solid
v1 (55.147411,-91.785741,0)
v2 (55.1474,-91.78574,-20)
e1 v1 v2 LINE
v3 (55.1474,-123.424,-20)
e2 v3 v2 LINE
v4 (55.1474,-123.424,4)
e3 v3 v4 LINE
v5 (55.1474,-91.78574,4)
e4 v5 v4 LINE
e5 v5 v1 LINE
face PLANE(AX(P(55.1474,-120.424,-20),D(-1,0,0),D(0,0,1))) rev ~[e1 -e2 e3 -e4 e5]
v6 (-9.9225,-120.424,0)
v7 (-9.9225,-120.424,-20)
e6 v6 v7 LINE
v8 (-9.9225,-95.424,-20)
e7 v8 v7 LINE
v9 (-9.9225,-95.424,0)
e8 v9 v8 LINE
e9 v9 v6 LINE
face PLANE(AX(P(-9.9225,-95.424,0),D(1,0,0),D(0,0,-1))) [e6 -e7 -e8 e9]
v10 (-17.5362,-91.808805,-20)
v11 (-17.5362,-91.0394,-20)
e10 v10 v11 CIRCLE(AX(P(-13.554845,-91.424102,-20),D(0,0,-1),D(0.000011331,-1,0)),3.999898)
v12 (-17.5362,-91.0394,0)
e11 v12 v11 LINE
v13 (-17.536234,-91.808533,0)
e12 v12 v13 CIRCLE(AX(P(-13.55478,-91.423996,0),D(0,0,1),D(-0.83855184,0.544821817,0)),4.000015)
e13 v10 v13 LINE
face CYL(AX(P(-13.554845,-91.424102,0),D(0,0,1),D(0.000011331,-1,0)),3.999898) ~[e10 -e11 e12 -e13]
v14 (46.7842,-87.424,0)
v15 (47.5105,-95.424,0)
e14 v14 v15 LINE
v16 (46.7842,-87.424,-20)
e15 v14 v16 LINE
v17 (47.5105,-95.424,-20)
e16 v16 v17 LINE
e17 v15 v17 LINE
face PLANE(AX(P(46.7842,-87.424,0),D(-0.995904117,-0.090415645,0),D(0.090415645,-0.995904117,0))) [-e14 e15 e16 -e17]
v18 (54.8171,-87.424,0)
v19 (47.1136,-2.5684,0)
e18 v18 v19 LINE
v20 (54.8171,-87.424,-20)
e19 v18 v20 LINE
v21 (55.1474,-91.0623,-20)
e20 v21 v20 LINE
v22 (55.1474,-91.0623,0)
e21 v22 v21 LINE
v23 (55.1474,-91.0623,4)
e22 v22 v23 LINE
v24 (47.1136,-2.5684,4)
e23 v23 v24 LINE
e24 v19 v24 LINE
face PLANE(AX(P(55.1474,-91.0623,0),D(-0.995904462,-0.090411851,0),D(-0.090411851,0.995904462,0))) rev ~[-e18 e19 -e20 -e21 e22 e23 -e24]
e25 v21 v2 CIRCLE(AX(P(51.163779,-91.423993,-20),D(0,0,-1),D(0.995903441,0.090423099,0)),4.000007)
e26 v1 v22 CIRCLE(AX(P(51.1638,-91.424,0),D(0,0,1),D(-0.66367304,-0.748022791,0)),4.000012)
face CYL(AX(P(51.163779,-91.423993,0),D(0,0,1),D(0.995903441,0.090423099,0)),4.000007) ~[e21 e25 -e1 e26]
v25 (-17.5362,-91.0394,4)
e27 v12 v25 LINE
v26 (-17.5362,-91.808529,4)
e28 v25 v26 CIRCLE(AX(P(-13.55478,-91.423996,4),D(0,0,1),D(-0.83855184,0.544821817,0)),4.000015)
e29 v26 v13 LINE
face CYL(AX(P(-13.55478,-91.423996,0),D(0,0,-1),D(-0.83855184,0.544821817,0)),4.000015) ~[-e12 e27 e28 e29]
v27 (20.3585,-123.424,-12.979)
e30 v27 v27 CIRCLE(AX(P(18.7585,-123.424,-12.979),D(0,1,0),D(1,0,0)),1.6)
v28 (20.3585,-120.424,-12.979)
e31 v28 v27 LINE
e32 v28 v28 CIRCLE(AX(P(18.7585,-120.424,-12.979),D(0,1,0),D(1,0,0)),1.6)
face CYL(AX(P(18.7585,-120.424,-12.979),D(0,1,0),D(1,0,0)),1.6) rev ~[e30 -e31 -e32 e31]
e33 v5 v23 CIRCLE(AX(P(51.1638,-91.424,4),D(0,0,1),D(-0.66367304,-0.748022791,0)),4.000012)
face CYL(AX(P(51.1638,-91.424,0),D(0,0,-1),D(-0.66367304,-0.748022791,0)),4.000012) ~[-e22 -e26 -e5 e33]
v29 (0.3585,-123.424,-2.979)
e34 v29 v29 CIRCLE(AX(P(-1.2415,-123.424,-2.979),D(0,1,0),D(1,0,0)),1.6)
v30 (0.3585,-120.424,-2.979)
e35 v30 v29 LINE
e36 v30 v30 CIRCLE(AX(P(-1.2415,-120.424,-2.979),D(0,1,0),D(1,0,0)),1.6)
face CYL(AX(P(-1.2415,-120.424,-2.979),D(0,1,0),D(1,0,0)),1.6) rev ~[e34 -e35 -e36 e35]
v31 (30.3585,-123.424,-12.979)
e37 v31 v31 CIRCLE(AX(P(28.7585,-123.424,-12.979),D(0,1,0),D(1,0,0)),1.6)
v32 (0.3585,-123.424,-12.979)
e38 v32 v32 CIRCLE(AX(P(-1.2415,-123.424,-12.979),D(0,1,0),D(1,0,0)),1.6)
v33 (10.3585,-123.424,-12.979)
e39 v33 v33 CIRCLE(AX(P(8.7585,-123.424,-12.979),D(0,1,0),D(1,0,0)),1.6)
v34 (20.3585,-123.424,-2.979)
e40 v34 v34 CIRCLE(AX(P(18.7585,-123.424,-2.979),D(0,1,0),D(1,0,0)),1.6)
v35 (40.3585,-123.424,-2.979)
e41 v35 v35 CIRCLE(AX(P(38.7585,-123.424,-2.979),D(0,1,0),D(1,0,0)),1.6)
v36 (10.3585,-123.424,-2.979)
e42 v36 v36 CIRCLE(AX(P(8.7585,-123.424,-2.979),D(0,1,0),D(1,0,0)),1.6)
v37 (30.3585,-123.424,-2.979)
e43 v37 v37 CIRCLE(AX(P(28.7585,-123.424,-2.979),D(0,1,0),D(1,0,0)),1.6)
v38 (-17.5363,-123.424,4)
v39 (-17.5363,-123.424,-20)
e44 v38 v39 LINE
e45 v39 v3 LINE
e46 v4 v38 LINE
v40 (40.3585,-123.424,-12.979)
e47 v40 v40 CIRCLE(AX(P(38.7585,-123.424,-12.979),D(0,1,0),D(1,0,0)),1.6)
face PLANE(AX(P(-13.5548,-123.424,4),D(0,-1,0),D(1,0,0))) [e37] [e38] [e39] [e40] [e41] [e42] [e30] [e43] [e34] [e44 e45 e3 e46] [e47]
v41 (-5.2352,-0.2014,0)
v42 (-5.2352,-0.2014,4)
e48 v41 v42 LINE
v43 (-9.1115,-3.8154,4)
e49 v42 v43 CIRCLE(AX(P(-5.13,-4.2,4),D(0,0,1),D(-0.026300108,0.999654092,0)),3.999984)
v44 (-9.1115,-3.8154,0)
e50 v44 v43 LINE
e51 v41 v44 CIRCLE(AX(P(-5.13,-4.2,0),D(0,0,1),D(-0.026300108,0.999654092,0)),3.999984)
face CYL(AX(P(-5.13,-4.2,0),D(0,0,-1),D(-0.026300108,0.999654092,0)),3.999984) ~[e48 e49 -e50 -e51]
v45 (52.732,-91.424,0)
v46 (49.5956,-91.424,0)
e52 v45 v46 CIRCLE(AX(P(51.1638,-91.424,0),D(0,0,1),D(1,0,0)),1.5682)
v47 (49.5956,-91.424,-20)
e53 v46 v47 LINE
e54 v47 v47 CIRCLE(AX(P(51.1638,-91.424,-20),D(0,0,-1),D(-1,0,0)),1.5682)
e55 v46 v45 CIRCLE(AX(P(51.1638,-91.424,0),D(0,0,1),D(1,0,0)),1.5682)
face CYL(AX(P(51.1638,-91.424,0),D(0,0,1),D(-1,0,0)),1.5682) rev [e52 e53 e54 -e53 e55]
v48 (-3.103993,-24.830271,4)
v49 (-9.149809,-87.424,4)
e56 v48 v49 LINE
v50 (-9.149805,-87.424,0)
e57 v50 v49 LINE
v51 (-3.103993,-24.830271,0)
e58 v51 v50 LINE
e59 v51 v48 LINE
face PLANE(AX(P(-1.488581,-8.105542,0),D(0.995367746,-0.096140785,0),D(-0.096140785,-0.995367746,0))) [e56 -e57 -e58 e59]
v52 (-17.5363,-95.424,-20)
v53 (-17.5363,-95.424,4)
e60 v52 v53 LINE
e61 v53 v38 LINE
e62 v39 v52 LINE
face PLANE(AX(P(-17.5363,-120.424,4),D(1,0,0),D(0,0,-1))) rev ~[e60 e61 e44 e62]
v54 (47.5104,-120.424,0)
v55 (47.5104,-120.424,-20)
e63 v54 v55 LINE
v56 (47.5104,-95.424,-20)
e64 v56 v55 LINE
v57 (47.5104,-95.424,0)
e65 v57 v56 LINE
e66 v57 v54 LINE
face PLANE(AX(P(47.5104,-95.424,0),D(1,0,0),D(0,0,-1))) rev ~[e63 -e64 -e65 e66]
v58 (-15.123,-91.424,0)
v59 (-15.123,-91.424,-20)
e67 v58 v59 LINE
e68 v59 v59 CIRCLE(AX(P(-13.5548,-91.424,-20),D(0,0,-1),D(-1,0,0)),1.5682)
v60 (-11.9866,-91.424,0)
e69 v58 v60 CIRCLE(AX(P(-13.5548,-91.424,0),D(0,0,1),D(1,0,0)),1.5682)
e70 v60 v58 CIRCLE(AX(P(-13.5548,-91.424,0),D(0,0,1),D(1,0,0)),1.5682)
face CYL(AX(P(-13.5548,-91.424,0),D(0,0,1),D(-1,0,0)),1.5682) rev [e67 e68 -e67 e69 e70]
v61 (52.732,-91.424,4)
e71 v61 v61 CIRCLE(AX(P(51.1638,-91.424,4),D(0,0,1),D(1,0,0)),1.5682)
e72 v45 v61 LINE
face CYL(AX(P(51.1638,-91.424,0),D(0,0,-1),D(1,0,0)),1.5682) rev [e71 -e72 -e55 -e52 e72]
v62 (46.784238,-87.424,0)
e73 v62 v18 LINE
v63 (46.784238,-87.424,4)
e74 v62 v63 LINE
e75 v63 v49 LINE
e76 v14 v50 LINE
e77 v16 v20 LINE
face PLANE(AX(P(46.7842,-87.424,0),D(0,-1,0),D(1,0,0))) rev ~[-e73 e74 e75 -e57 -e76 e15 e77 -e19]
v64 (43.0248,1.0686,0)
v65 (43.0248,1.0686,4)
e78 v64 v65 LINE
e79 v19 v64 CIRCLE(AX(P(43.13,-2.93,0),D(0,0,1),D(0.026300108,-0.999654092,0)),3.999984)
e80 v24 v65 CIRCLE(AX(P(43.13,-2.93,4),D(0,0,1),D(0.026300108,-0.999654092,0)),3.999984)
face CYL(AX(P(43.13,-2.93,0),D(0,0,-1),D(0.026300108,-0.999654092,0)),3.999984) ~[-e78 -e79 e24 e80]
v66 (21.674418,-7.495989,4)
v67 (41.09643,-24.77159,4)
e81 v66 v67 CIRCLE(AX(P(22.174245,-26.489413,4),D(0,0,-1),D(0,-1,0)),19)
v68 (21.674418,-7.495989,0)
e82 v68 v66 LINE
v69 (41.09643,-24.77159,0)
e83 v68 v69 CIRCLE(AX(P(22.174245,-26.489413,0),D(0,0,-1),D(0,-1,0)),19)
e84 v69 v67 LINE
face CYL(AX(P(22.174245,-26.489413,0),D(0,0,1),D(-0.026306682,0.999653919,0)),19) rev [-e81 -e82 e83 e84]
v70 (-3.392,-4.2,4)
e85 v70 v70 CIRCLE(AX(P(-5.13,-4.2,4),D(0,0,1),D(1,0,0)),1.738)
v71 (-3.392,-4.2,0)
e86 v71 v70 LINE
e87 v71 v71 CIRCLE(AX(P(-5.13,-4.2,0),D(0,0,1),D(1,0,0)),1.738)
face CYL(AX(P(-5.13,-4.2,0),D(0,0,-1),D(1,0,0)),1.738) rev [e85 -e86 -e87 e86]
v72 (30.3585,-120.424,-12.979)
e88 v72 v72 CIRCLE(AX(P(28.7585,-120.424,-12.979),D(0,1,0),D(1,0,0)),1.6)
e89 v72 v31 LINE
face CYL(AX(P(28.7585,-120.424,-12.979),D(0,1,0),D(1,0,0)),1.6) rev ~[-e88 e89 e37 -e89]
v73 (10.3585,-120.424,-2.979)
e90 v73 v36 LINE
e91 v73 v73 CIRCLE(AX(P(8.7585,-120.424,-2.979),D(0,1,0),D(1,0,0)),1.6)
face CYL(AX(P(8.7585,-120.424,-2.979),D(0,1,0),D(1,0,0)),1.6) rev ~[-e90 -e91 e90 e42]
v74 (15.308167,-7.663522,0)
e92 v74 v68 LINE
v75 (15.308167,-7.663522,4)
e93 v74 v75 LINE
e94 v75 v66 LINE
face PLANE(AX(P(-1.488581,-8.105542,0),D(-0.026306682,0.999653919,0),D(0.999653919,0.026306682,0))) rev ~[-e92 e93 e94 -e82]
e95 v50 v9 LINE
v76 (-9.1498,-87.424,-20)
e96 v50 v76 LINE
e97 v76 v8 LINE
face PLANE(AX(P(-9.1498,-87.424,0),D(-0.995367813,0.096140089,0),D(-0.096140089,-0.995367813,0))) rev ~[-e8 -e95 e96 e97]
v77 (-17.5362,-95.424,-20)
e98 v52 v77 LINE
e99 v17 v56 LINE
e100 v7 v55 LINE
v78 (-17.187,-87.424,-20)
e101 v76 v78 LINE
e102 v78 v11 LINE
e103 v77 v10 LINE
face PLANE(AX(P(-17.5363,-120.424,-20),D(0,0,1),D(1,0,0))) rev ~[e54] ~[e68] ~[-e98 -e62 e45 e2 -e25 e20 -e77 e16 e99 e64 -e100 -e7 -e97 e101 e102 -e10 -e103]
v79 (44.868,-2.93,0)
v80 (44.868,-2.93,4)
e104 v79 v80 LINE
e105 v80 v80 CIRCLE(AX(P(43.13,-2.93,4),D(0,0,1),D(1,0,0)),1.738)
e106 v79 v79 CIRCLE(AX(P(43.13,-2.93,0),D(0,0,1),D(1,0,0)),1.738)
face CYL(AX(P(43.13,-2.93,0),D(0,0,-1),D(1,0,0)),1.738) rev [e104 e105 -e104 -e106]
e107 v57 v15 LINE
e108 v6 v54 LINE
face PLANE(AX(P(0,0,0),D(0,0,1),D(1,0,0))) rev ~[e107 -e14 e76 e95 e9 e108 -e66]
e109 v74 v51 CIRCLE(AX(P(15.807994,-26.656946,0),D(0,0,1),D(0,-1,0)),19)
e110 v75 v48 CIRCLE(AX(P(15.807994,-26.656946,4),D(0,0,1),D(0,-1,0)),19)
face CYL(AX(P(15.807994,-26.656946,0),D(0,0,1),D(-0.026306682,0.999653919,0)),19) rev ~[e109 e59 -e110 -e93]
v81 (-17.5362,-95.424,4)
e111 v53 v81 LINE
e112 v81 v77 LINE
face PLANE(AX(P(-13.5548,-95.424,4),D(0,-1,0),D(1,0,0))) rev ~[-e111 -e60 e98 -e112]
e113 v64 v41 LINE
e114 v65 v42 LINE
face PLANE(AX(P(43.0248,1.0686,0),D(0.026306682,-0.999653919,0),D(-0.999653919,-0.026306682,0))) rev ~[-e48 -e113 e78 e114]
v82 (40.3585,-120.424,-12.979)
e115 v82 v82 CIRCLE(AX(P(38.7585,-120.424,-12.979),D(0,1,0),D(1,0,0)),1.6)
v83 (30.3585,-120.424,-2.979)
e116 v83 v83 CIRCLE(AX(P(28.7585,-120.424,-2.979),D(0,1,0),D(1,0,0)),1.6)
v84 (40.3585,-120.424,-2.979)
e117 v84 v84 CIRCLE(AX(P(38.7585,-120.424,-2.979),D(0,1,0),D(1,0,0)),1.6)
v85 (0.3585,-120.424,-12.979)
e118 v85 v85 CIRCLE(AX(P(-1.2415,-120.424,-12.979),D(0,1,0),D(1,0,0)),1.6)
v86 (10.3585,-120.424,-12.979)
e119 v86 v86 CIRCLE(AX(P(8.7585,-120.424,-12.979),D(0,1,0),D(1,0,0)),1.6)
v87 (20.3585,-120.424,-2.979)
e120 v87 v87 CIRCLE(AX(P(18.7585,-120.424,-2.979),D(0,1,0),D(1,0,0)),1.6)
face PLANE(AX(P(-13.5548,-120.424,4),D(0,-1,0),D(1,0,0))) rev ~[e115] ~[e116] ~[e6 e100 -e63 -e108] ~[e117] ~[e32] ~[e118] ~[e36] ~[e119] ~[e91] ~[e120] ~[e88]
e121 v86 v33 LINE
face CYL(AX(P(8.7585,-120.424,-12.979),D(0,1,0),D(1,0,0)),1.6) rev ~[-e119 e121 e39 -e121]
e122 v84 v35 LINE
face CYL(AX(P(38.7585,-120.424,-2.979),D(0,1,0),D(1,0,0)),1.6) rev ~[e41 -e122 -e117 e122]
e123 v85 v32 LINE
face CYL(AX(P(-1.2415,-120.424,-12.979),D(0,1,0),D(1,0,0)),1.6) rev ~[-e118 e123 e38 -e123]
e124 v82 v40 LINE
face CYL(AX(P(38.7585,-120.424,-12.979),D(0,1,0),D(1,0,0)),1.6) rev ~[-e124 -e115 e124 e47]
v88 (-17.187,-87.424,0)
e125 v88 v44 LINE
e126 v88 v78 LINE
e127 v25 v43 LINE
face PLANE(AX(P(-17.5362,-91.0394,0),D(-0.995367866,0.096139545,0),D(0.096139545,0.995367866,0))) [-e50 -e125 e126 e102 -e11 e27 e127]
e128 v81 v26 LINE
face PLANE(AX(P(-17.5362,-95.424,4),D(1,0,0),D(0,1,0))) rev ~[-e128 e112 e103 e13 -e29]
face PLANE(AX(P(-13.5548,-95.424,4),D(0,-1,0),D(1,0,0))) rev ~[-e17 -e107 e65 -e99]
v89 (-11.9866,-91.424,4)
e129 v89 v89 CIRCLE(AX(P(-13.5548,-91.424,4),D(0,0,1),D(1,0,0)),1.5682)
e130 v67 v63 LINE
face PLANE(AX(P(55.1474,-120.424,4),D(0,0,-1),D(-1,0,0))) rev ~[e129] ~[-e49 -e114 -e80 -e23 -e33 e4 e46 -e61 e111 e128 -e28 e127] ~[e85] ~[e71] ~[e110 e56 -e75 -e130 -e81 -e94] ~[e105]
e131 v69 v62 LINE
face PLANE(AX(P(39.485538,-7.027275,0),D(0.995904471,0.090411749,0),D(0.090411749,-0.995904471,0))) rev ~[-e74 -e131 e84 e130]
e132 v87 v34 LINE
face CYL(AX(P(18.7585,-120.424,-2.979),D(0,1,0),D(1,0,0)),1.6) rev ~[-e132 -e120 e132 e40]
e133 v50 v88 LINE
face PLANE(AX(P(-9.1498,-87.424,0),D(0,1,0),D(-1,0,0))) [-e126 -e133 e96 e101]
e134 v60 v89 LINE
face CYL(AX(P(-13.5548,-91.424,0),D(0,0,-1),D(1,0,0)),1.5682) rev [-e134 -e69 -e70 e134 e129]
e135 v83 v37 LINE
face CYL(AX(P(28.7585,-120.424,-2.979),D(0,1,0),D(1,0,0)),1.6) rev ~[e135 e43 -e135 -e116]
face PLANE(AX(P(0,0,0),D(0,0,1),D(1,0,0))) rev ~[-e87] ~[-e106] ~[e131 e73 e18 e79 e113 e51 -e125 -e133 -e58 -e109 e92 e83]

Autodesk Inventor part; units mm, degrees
ref_plane "YZ Plane" through (0, 0, 0) normal (1, 0, 0) x (0, 1, 0)
ref_plane "XZ Plane" through (0, 0, 0) normal (0, 1, 0) x (-1, 0, 0)
sketch "Esquisse1" plane through (0, 0, 0) normal (0, 0, 1) x (1, 0, 0)
  circle A0 centre (-5.13, -4.2) radius 1.738 projected
  circle A1 centre (43.13, -2.93) radius 1.738 projected
  circle A2 centre (10.11, -55) radius 1.738 projected
  circle A3 centre (51.1638, -91.424) radius 1.5682 projected
  circle A4 centre (-13.5548, -91.424) radius 1.5682 projected
  line L0 (-5.13, -4.2) -> (43.13, -2.93) construction
  line L1 (-5.0248, -8.1986) -> (43.2352, -6.9286)
  line L2 (43.0248, 1.0686) -> (-5.2352, -0.2014)
  arc A5 (-5.2352, -0.2014) -> (-5.0248, -8.1986) centre (-5.13, -4.2) ccw
  arc A6 (43.2352, -6.9286) -> (43.0248, 1.0686) centre (43.13, -2.93) ccw
  arc A7 (-1.2987, -3.0506) -> (-8.9613, -5.3494) centre (-5.13, -4.2) ccw
  arc A8 (46.508, -5.0722) -> (39.752, -0.7878) centre (43.13, -2.93) ccw
  arc A9 (-16.909, -89.2447) -> (-10.2005, -93.6032) centre (-13.5548, -91.424) ccw
  arc A10 (48.5091, -94.4161) -> (53.8185, -88.4319) centre (51.1638, -91.424) ccw
  line L3 (43.13, -2.93) -> (51.1638, -91.424) construction
  line L4 (39.1464, -3.2916) -> (47.1802, -91.7856)
  line L5 (55.1474, -91.0623) -> (47.1136, -2.5684)
  arc A11 (47.1136, -2.5684) -> (39.1464, -3.2916) centre (43.13, -2.93) ccw
  arc A12 (47.1802, -91.7856) -> (55.1474, -91.0623) centre (51.1638, -91.424) ccw
  line L6 (-5.13, -4.2) -> (-13.5548, -91.424) construction
  line L7 (-1.1485, -4.5846) -> (-9.5733, -91.8085)
  line L8 (-17.5362, -91.0394) -> (-9.1115, -3.8154)
  arc A13 (-1.1485, -4.5846) -> (-9.1115, -3.8154) centre (-5.13, -4.2) ccw
  arc A14 (-17.5362, -91.0394) -> (-9.5733, -91.8085) centre (-13.5548, -91.424) ccw
  line L9 (-13.5548, -91.424) -> (51.1638, -91.424) construction
  line L10 (-13.5548, -95.424) -> (51.1638, -95.424)
  line L11 (51.1638, -87.424) -> (-13.5548, -87.424)
  arc A15 (-13.5548, -87.424) -> (-13.5548, -95.424) centre (-13.5548, -91.424) ccw
  arc A16 (51.1638, -95.424) -> (51.1638, -87.424) centre (51.1638, -91.424) ccw
  point P0 (0, 0)
  point P1 (19, -3.565)
  point P2 (2.49, -29.6)
  point P3 (-1.7224, -73.212)
  point P4 (30.6369, -73.212)
  point P5 (47.1469, -47.177)
  point P6 (-9.3424, -47.812)
  point P7 (18.8045, -91.424)
  point P8 (39.4855, -7.0273)
  point P9 (46.7842, -87.424)
  point P10 (-9.1498, -87.424)
  point P11 (-1.4886, -8.1056)
  point P12 (-9.1115, -3.8154)
  point P13 (51.1638, -95.424)
  point P14 (47.1136, -2.5684)
  dimension "d2" = 8
  dimension "d3" = 8
  dimension "d5" = 8
  dimension "d6" = 8
extrude "Extrusion1" add sketch "Esquisse1" along normal blind 4 contours A5 A7 A13 L7 L1 | L1 L7 L11 A15 A9 L8 A5 | L7 A13 A7 L2 A8 A11 L4 L1 | L4 A11 A8 A6 L1 | L1 A6 L5 A10 A16 L11 L4 | L11 L4 A12 A10 L10 A9 A14 L7 | L7 A14 A9 A15 L11 | L11 A16 A10 A12 L4
fillet "Congé1" radius 19 2 edges at (-1.4886, -8.1056, 2) (39.4855, -7.0273, 2)
sketch "Esquisse2" plane through (0, 0, 0) normal (0, 0, -1) x (-1, 0, 0)
  arc A0 (9.1115, -3.8154) -> (5.2352, -0.2014) centre (5.13, -4.2) ccw projected
  line L0 (-43.0248, 1.0686) -> (5.2352, -0.2014) projected
  arc A1 (-43.0248, 1.0686) -> (-47.1136, -2.5684) centre (-43.13, -2.93) ccw projected
  line L1 (-55.1474, -91.0623) -> (-47.1136, -2.5684) projected
  arc A2 (-55.1474, -91.0623) -> (-51.1638, -95.424) centre (-51.1638, -91.424) ccw projected
  line L2 (13.5548, -95.424) -> (-51.1638, -95.424) projected
  arc A3 (13.5548, -95.424) -> (17.5362, -91.0394) centre (13.5548, -91.424) ccw projected
  line L3 (9.1115, -3.8154) -> (17.5362, -91.0394) projected
  arc A4 (-21.6744, -7.496) -> (-41.0964, -24.7716) centre (-22.1742, -26.4894) ccw projected
  line L4 (-15.3081, -7.6635) -> (-21.6744, -7.496) projected
  arc A5 (3.104, -24.8303) -> (-15.3081, -7.6635) centre (-15.808, -26.657) ccw projected
  line L5 (9.1498, -87.424) -> (3.104, -24.8303) projected
  line L6 (-46.7842, -87.424) -> (9.1498, -87.424) projected
  line L7 (-41.0964, -24.7716) -> (-46.7842, -87.424) projected
  circle A6 centre (5.13, -4.2) radius 1.738 projected
  circle A7 centre (13.5548, -91.424) radius 1.5682 projected
  circle A8 centre (-43.13, -2.93) radius 1.738 projected
  circle A9 centre (-51.1638, -91.424) radius 1.5682 projected
  line L8 (-41.0964, -24.7716) -> (-46.7842, -87.424) projected
  line L9 (-46.7842, -87.424) -> (-47.5105, -95.424)
  line L10 (-55.1474, -91.0623) -> (-47.1136, -2.5684) projected
  line L11 (-46.7842, -87.424) -> (9.1498, -87.424) projected
  line L12 (-46.7842, -87.424) -> (-54.8171, -87.424)
  line L13 (9.1498, -87.424) -> (9.9225, -95.424)
  line L14 (9.1498, -87.424) -> (17.187, -87.424)
  point P0 (0, 0)
extrude "Extrusion2" add sketch "Esquisse2" along normal blind 20 contours L3 A3 L2 L13 L14 | L9 L2 A2 L1 L12
sketch "Esquisse3" plane through (-13.5548, -95.424, 4) normal (0, -1, 0) x (1, 0, 0)
  line L0 (3.6323, -4) -> (61.0652, -4) projected
  line L1 (61.0652, -4) -> (61.0652, -24) projected
  line L2 (64.7185, -24) -> (61.0652, -24) projected
  line L3 (64.7185, -24) -> (64.7185, 0) projected
  line L4 (0, 0) -> (64.7185, 0) projected
  line L5 (0, -24) -> (0, 0) projected
  line L6 (3.6323, -24) -> (0, -24) projected
  line L7 (3.6323, -4) -> (3.6323, -24) projected
  line L8 (0, -24) -> (0, 0) projected
  line L9 (-3.9815, 0) -> (0, 0) projected
  line L10 (-3.9815, -24) -> (-3.9815, 0) projected
  line L11 (0, -24) -> (-3.9815, -24) projected
  line L12 (68.7022, -24) -> (68.7022, 0) projected
  line L13 (64.7185, 0) -> (68.7022, 0) projected
  line L14 (64.7185, -24) -> (64.7185, 0) projected
  line L15 (68.7022, -24) -> (64.7185, -24) projected
  point P0 (13.5548, -4)
  point P1 (0, 0)
  point P2 (64.7185, 0)
extrude "Extrusion3" add sketch "Esquisse3" along normal blind 25
sketch "Esquisse4" plane through (0, 0, 4) normal (0, 0, 1) x (1, 0, 0)
  arc A0 (-5.2352, -0.2014) -> (-9.1115, -3.8154) centre (-5.13, -4.2) ccw projected
  line L0 (-9.1115, -3.8154) -> (-17.5362, -91.0394) projected
  arc A1 (-17.5362, -91.0394) -> (-13.5548, -95.424) centre (-13.5548, -91.424) ccw projected
  line L1 (-13.5548, -95.424) -> (-17.5362, -95.424) projected
  line L2 (-17.5362, -95.424) -> (-17.5362, -120.424) projected
  line L3 (55.1474, -120.424) -> (-17.5362, -120.424) projected
  line L4 (55.1474, -95.424) -> (55.1474, -120.424) projected
  line L5 (55.1474, -95.424) -> (51.1638, -95.424) projected
  arc A2 (51.1638, -95.424) -> (55.1474, -91.0623) centre (51.1638, -91.424) ccw projected
  line L6 (55.1474, -91.0623) -> (47.1136, -2.5684) projected
  arc A3 (47.1136, -2.5684) -> (43.0248, 1.0686) centre (43.13, -2.93) ccw projected
  line L7 (43.0248, 1.0686) -> (-5.2352, -0.2014) projected
  line L8 (41.0964, -24.7716) -> (46.7842, -87.424) projected
  line L9 (46.7842, -87.424) -> (-9.1498, -87.424) projected
  line L10 (-9.1498, -87.424) -> (-3.104, -24.8303) projected
  arc A4 (15.3081, -7.6635) -> (-3.104, -24.8303) centre (15.808, -26.657) ccw projected
  line L11 (15.3081, -7.6635) -> (21.6744, -7.496) projected
  arc A5 (41.0964, -24.7716) -> (21.6744, -7.496) centre (22.1742, -26.4894) ccw projected
  circle A6 centre (-5.13, -4.2) radius 1.738 projected
  circle A7 centre (-13.5548, -91.424) radius 1.5682 projected
  circle A8 centre (43.13, -2.93) radius 1.738 projected
  circle A9 centre (51.1638, -91.424) radius 1.5682 projected
  line L12 (-17.5362, -91.0394) -> (-17.187, -87.424) projected
  line L13 (-17.5362, -95.424) -> (-17.5362, -91.0394)
  line L14 (55.1474, -91.0623) -> (55.1474, -95.424)
  point P0 (0, 0)
  point P1 (55.1474, -91.7856)
  point P2 (-17.5362, -91.8085)
extrude "Extrusion4" add sketch "Esquisse4" against normal up to surface (24 mm away) contours A1 L1 L13 | L14 L5 A2
sketch "Esquisse5" plane through (-13.5548, -120.424, 4) normal (0, -1, 0) x (1, 0, 0)
  line L0 (68.7022, 0) -> (-3.9815, 0) projected
  line L1 (-3.9815, 0) -> (-3.9815, -24) projected
  line L2 (68.7022, 0) -> (-3.9815, 0)
  line L3 (-3.9815, 0) -> (-3.9815, -24)
  line L4 (-3.9815, -24) -> (68.7022, -24)
  line L5 (68.7022, -24) -> (68.7022, 0)
  point P0 (13.5548, -4)
extrude "Extrusion5" add sketch "Esquisse5" along normal blind 3
sketch "Esquisse6" plane through (-13.5548, -120.424, 4) normal (0, 1, 0) x (1, 0, 0)
  circle A0 centre (52.3133, 6.979) radius 1.6 projected
  circle A1 centre (52.3133, 16.979) radius 1.6 projected
  circle A2 centre (42.3133, 16.979) radius 1.6 projected
  circle A3 centre (42.3133, 6.979) radius 1.6 projected
  circle A4 centre (32.3133, 6.979) radius 1.6 projected
  circle A5 centre (32.3133, 16.979) radius 1.6 projected
  circle A6 centre (22.3133, 16.979) radius 1.6 projected
  circle A7 centre (22.3133, 6.979) radius 1.6 projected
  circle A8 centre (12.3133, 6.979) radius 1.6 projected
  circle A9 centre (12.3133, 16.979) radius 1.6 projected
  point P0 (13.5548, 4)
ref_plane "Plan de construction1" through (-33.0415, -128.424, -137.979) normal (0, -1, 0) x (1, 0, 0)
extrude "Extrusion6" cut sketch "Esquisse6" against normal up to surface (8 mm away)
properties part number "holder"
